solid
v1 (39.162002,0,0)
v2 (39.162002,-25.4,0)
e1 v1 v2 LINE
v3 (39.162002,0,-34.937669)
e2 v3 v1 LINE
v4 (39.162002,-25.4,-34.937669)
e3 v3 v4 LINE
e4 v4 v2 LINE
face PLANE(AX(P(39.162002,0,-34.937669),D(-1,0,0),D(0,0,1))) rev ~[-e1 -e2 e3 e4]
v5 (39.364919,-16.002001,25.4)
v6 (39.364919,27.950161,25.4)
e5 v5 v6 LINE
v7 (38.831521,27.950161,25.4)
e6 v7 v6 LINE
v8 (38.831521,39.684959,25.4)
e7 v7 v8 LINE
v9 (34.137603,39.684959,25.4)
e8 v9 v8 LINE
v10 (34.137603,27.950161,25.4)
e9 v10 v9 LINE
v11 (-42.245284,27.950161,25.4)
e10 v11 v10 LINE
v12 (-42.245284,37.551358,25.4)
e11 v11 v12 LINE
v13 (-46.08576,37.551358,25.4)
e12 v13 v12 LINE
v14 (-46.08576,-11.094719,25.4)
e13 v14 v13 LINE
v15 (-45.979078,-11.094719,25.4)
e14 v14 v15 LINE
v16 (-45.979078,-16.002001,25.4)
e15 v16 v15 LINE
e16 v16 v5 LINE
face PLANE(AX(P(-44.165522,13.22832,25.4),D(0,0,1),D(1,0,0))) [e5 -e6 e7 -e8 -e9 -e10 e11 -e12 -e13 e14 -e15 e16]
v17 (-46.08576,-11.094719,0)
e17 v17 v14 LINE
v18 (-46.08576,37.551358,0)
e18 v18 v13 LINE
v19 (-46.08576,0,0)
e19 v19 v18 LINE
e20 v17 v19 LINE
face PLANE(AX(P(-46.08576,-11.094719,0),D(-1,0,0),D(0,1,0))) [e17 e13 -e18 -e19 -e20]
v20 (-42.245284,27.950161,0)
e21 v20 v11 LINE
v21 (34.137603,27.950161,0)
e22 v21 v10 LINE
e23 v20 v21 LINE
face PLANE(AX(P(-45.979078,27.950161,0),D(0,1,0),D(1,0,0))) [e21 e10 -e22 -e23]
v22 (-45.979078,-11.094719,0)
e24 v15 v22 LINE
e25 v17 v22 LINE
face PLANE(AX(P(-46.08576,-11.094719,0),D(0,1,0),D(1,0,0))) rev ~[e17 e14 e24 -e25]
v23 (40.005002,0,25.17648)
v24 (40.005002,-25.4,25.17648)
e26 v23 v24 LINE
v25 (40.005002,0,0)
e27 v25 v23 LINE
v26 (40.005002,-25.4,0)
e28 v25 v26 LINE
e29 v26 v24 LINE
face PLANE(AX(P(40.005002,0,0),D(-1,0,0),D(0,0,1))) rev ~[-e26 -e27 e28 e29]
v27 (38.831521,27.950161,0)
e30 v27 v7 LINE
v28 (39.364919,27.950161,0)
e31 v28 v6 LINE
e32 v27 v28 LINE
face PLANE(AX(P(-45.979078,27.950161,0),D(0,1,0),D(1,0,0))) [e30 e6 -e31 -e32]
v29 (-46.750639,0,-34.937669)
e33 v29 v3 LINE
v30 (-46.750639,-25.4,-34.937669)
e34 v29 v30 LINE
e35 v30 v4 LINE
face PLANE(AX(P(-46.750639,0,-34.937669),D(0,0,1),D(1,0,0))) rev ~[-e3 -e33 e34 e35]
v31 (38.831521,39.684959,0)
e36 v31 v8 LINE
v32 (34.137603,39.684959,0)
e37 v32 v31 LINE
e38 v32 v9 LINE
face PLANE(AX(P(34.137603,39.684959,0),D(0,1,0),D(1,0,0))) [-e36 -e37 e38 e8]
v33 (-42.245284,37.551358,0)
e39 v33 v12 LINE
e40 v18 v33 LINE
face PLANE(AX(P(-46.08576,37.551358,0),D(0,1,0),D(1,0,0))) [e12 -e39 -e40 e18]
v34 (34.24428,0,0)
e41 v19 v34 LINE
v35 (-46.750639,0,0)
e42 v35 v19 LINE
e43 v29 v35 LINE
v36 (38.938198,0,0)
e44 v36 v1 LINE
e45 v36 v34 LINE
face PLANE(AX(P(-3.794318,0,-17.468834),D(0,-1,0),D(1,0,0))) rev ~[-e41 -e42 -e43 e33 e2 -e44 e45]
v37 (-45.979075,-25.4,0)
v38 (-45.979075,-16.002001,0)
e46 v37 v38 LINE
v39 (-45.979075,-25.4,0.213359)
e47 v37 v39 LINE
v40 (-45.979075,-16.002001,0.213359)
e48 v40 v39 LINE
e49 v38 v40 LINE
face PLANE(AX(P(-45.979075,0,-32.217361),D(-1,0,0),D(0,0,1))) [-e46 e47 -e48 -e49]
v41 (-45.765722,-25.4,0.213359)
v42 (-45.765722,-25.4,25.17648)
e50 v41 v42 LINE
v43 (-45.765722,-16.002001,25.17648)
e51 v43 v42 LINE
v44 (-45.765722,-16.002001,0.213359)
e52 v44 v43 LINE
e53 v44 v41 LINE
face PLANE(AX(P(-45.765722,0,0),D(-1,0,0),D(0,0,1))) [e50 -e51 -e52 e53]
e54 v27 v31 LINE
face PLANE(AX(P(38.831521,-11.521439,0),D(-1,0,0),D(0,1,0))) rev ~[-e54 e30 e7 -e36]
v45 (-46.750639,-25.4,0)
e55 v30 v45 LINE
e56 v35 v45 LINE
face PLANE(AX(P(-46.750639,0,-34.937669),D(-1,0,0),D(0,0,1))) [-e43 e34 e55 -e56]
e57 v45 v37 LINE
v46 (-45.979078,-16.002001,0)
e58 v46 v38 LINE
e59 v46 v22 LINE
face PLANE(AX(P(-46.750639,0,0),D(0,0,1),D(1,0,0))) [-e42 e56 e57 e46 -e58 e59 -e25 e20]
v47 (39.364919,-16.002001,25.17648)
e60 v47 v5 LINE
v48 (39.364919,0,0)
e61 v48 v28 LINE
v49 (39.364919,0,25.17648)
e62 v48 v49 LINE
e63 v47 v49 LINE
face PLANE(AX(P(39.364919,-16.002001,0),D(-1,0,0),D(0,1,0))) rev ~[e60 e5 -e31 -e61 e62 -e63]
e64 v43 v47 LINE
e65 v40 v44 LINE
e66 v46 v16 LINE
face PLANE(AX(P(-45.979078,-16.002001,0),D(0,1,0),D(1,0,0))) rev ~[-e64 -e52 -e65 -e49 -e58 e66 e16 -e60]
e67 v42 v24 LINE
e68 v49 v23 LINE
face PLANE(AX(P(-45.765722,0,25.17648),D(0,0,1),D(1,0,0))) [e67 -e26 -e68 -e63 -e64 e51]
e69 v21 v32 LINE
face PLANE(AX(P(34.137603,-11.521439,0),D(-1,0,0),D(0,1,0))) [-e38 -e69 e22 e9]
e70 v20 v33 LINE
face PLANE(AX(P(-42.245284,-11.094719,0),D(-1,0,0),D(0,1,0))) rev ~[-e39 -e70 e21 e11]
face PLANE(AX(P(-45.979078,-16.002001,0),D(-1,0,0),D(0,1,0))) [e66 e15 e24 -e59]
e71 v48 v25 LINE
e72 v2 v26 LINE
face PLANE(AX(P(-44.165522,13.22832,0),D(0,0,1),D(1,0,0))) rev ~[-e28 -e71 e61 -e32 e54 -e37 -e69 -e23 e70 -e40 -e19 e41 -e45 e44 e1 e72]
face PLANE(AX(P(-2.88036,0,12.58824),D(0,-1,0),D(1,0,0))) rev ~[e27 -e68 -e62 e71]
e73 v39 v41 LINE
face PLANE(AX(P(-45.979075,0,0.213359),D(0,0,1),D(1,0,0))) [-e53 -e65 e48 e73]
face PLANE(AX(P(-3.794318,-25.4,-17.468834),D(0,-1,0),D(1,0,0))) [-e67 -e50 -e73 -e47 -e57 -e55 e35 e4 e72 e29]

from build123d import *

# Parameters (mm, degrees)
F0_W      = 85.343997
F0_H      = 43.952162
F3_DEPTH  = 25.4
F1_W      = 4.267193
F1_H      = 32.43072
F1_W_2    = 4.693918
F1_H_2    = 33.284161
F4_DEPTH  = 25.4
F2_W      = 4.693918
F2_H      = 33.710879
F2_W_2    = 3.840477
F2_H_2    = 32.857437
F5_DEPTH  = 25.4
F6_W      = 3.840476
F6_H      = 48.646077
F6_W_2    = 4.693918
F6_H_2    = 51.206397
F7_DEPTH  = 25.4
F8_W      = 85.770724
F8_H      = 25.17648
F9_DEPTH  = 25.4
F10_W     = 85.912641
F10_H     = 34.937669
F11_DEPTH = 25.4


with BuildPart() as f3:
    # F0 (on Top) → F3 (new body)
    with BuildSketch(Plane.XY):
        with Locations((-3.30708, 5.97408)):
            Rectangle(F0_W, F0_H)
    extrude(amount=F3_DEPTH)

    # F1 (on Front) → F4 (join)
    with BuildSketch(Plane.XZ):
        with Locations((-43.845478, -16.002001)):
            Rectangle(F1_W, F1_H)
        with Locations((36.591239, -16.64208)):
            Rectangle(F1_W_2, F1_H_2)
    extrude(amount=F4_DEPTH)

    # F2 (on Front) → F5 (join)
    with BuildSketch(Plane.XZ):
        with Locations((36.484562, -16.642081)):
            Rectangle(F2_W, F2_H)
        with Locations((-43.952159, -16.21536)):
            Rectangle(F2_W_2, F2_H_2)
    extrude(amount=F5_DEPTH)

    # F6 (on Top) → F7 (join)
    with BuildSketch(Plane.XY):
        with Locations((-44.165522, 13.22832)):
            Rectangle(F6_W, F6_H)
        with Locations((36.484562, 14.08176)):
            Rectangle(F6_W_2, F6_H_2)
    extrude(amount=F7_DEPTH)

    # F8 (on Front) → F9 (join)
    with BuildSketch(Plane.XZ):
        with Locations((-2.88036, 12.58824)):
            Rectangle(F8_W, F8_H)
    extrude(amount=F9_DEPTH)

    # F10 (on Front) → F11 (join)
    with BuildSketch(Plane.XZ):
        with Locations((-3.794318, -17.468834)):
            Rectangle(F10_W, F10_H)
    extrude(amount=F11_DEPTH)


solid = f3.part
